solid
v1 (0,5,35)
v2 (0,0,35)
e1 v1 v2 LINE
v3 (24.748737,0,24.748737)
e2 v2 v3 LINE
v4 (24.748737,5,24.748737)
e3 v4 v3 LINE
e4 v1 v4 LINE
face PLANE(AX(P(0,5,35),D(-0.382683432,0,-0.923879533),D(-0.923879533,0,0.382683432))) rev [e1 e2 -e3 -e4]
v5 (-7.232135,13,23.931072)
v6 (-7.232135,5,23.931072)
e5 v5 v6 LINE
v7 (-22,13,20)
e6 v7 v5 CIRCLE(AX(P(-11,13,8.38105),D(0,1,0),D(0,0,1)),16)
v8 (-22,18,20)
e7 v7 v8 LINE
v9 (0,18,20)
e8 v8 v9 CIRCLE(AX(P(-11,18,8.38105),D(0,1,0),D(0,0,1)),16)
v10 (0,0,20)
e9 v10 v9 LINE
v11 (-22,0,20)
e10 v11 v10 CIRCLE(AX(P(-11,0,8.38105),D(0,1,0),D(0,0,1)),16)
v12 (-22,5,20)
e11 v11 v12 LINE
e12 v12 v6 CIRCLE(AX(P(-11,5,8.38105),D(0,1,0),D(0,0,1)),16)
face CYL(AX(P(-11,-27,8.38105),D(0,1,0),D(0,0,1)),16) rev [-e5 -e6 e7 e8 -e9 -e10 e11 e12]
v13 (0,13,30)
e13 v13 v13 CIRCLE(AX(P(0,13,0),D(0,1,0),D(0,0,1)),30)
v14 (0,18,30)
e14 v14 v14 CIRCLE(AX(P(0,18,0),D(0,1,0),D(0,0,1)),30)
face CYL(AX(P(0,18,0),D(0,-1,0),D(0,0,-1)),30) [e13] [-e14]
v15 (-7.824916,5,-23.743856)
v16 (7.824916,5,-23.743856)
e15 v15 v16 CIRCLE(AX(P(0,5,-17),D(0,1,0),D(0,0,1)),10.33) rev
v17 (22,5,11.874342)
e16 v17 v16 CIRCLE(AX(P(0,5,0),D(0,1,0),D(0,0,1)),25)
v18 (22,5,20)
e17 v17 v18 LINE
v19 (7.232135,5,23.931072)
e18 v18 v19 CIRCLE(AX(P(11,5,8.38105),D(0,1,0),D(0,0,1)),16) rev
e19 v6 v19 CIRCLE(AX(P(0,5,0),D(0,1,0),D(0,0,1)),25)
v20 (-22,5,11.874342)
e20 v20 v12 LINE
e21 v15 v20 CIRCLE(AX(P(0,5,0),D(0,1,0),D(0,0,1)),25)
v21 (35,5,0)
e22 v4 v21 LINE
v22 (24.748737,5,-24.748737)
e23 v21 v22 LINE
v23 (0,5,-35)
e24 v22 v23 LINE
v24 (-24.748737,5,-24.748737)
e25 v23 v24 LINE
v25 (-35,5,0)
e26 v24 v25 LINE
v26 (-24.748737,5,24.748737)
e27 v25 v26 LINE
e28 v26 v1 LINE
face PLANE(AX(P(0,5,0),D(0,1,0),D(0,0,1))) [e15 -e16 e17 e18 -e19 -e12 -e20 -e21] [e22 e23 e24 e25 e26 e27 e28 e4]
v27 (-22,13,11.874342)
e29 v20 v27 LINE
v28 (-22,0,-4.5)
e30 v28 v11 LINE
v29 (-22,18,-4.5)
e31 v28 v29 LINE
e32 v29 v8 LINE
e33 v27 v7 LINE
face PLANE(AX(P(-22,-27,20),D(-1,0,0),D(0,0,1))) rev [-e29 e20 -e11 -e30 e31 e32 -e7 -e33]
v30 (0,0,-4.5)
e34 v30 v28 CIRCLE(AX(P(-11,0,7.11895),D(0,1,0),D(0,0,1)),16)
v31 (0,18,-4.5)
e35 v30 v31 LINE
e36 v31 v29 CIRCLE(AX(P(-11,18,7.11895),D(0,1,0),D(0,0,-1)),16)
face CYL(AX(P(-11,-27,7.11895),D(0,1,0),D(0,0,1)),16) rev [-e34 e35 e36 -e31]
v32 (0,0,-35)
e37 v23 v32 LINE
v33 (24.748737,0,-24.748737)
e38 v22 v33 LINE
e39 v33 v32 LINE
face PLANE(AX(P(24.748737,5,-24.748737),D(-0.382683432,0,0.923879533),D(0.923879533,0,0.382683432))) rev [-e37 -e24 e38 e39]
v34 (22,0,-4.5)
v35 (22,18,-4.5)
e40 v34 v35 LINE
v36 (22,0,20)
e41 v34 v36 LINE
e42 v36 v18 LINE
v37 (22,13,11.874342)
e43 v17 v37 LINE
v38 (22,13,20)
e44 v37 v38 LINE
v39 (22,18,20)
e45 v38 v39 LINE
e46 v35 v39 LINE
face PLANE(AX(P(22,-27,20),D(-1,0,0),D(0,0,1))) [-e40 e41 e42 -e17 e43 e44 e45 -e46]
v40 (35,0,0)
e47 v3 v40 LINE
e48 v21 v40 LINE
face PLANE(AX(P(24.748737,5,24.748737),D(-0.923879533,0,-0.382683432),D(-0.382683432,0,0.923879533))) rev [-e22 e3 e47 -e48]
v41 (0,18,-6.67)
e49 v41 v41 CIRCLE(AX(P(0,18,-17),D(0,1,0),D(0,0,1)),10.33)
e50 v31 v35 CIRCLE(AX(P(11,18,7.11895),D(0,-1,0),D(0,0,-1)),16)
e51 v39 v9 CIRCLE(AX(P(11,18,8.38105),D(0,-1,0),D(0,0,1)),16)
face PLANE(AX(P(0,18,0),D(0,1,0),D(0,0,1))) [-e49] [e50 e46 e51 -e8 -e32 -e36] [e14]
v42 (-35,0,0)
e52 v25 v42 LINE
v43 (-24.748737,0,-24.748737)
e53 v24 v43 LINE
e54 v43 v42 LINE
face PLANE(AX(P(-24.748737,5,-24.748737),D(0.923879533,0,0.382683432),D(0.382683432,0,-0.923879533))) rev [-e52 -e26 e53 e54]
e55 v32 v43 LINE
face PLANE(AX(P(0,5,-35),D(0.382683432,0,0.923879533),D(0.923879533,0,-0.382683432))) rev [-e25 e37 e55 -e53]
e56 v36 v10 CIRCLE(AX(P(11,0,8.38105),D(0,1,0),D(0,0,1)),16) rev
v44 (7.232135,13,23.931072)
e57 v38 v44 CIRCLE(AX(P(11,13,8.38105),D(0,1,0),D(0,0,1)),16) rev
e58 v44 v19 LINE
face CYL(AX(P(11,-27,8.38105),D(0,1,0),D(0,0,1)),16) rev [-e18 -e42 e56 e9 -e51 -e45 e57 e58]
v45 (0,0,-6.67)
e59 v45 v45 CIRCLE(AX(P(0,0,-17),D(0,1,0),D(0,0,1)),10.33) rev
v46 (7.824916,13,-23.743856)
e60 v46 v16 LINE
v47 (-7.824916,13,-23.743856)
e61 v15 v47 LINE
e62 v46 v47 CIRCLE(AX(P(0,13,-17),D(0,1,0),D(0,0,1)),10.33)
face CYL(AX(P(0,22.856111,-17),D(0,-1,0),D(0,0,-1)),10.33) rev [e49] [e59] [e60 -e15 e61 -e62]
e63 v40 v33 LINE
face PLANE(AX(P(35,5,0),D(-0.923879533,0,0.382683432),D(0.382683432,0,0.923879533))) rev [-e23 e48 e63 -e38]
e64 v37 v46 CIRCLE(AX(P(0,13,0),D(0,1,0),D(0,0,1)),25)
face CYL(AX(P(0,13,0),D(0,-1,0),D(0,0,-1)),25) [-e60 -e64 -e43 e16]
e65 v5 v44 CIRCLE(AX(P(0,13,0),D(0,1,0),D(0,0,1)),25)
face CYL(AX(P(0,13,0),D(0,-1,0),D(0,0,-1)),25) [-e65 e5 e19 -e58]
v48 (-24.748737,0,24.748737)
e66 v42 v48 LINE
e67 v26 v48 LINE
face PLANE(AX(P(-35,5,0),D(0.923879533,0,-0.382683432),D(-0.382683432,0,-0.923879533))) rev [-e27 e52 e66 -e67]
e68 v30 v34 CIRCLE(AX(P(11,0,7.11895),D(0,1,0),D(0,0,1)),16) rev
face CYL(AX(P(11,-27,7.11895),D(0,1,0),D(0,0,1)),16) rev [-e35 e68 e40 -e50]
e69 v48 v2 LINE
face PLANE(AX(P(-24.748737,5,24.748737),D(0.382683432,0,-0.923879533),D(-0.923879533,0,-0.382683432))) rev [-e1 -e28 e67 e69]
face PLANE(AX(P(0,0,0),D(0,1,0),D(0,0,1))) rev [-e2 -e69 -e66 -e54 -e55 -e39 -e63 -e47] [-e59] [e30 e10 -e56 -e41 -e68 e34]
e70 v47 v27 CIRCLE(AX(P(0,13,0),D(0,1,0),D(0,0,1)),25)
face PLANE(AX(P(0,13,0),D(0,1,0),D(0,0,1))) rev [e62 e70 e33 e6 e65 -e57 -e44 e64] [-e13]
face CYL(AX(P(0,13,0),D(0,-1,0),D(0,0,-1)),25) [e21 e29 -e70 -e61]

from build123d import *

# Parameters (mm, degrees)
BOSS_EXTRUDE1_DEPTH     = 5
SKETCH12_R              = 25
BOSS_EXTRUDE2_DEPTH     = 8
CUT_EXTRUDE6_DEPTH      = 9.856111051
CUT_EXTRUDE6_DEPTH_BACK = 25
SKETCH17_R              = 10.33
SKETCH25_R              = 30
BOSS_EXTRUDE3_DEPTH     = 5
SKETCH26_R              = 10.33
CUT_EXTRUDE9_DEPTH      = 5
CUT_EXTRUDE10_DEPTH     = 45


with BuildPart() as part:
    # Sketch3 → Boss-Extrude1 (new body)
    with BuildSketch(Plane(origin=(0, 0, 0), x_dir=(1, 0, 0), z_dir=(0, 1, 0))):
        Polygon((35, 0), (24.748737342, 24.748737342), (0, 35), (-24.748737342, 24.748737342), (-35, 0), (-24.748737342, -24.748737342), (0, -35), (24.748737342, -24.748737342), align=None)
    extrude(amount=BOSS_EXTRUDE1_DEPTH)

    # Sketch12 → Boss-Extrude2 (add)
    with BuildSketch(Plane(origin=(0, 5, 0), x_dir=(1, 0, 0), z_dir=(0, 1, 0))):
        Circle(SKETCH12_R)
    extrude(amount=BOSS_EXTRUDE2_DEPTH)

    # Sketch17 → Cut-Extrude6 (cut, two sides: drawn at the far end of the back side and taken through both)
    with BuildSketch(Plane(origin=(0, 13, 0), x_dir=(1, 0, 0), z_dir=(0, 1, 0)).offset(-CUT_EXTRUDE6_DEPTH_BACK)):
        with Locations((0, 17)):
            Circle(SKETCH17_R)
    extrude(amount=CUT_EXTRUDE6_DEPTH + CUT_EXTRUDE6_DEPTH_BACK, mode=Mode.SUBTRACT)

    # Sketch25 → Boss-Extrude3 (add)
    with BuildSketch(Plane(origin=(0, 13, 0), x_dir=(1, 0, 0), z_dir=(0, 1, 0))):
        Circle(SKETCH25_R)
    extrude(amount=BOSS_EXTRUDE3_DEPTH)

    # Sketch26 → Cut-Extrude9 (cut)
    with BuildSketch(Plane(origin=(0, 18, 0), x_dir=(1, 0, 0), z_dir=(0, 1, 0))):
        with Locations((0, 17)):
            Circle(SKETCH26_R)
    extrude(amount=-CUT_EXTRUDE9_DEPTH, mode=Mode.SUBTRACT)

    # Sketch27 → Cut-Extrude10 (cut)
    with BuildSketch(Plane(origin=(0, 18, 0), x_dir=(1, 0, 0), z_dir=(0, 1, 0))):
        with BuildLine():
            Line((0, -20), (0, 4.5))
            ThreePointArc((0, 4.5), (-11, 8.881049961), (-22, 4.5))
            Line((-22, 4.5), (-22, -20))
            ThreePointArc((-22, -20), (-11, -24.381049961), (0, -20))
        make_face()
    cut_extrude10 = extrude(amount=-CUT_EXTRUDE10_DEPTH, mode=Mode.SUBTRACT)

    # Mirror8: Cut-Extrude10 across plane
    add(cut_extrude10.mirror(Plane.ZY), mode=Mode.SUBTRACT)


solid = part.part
